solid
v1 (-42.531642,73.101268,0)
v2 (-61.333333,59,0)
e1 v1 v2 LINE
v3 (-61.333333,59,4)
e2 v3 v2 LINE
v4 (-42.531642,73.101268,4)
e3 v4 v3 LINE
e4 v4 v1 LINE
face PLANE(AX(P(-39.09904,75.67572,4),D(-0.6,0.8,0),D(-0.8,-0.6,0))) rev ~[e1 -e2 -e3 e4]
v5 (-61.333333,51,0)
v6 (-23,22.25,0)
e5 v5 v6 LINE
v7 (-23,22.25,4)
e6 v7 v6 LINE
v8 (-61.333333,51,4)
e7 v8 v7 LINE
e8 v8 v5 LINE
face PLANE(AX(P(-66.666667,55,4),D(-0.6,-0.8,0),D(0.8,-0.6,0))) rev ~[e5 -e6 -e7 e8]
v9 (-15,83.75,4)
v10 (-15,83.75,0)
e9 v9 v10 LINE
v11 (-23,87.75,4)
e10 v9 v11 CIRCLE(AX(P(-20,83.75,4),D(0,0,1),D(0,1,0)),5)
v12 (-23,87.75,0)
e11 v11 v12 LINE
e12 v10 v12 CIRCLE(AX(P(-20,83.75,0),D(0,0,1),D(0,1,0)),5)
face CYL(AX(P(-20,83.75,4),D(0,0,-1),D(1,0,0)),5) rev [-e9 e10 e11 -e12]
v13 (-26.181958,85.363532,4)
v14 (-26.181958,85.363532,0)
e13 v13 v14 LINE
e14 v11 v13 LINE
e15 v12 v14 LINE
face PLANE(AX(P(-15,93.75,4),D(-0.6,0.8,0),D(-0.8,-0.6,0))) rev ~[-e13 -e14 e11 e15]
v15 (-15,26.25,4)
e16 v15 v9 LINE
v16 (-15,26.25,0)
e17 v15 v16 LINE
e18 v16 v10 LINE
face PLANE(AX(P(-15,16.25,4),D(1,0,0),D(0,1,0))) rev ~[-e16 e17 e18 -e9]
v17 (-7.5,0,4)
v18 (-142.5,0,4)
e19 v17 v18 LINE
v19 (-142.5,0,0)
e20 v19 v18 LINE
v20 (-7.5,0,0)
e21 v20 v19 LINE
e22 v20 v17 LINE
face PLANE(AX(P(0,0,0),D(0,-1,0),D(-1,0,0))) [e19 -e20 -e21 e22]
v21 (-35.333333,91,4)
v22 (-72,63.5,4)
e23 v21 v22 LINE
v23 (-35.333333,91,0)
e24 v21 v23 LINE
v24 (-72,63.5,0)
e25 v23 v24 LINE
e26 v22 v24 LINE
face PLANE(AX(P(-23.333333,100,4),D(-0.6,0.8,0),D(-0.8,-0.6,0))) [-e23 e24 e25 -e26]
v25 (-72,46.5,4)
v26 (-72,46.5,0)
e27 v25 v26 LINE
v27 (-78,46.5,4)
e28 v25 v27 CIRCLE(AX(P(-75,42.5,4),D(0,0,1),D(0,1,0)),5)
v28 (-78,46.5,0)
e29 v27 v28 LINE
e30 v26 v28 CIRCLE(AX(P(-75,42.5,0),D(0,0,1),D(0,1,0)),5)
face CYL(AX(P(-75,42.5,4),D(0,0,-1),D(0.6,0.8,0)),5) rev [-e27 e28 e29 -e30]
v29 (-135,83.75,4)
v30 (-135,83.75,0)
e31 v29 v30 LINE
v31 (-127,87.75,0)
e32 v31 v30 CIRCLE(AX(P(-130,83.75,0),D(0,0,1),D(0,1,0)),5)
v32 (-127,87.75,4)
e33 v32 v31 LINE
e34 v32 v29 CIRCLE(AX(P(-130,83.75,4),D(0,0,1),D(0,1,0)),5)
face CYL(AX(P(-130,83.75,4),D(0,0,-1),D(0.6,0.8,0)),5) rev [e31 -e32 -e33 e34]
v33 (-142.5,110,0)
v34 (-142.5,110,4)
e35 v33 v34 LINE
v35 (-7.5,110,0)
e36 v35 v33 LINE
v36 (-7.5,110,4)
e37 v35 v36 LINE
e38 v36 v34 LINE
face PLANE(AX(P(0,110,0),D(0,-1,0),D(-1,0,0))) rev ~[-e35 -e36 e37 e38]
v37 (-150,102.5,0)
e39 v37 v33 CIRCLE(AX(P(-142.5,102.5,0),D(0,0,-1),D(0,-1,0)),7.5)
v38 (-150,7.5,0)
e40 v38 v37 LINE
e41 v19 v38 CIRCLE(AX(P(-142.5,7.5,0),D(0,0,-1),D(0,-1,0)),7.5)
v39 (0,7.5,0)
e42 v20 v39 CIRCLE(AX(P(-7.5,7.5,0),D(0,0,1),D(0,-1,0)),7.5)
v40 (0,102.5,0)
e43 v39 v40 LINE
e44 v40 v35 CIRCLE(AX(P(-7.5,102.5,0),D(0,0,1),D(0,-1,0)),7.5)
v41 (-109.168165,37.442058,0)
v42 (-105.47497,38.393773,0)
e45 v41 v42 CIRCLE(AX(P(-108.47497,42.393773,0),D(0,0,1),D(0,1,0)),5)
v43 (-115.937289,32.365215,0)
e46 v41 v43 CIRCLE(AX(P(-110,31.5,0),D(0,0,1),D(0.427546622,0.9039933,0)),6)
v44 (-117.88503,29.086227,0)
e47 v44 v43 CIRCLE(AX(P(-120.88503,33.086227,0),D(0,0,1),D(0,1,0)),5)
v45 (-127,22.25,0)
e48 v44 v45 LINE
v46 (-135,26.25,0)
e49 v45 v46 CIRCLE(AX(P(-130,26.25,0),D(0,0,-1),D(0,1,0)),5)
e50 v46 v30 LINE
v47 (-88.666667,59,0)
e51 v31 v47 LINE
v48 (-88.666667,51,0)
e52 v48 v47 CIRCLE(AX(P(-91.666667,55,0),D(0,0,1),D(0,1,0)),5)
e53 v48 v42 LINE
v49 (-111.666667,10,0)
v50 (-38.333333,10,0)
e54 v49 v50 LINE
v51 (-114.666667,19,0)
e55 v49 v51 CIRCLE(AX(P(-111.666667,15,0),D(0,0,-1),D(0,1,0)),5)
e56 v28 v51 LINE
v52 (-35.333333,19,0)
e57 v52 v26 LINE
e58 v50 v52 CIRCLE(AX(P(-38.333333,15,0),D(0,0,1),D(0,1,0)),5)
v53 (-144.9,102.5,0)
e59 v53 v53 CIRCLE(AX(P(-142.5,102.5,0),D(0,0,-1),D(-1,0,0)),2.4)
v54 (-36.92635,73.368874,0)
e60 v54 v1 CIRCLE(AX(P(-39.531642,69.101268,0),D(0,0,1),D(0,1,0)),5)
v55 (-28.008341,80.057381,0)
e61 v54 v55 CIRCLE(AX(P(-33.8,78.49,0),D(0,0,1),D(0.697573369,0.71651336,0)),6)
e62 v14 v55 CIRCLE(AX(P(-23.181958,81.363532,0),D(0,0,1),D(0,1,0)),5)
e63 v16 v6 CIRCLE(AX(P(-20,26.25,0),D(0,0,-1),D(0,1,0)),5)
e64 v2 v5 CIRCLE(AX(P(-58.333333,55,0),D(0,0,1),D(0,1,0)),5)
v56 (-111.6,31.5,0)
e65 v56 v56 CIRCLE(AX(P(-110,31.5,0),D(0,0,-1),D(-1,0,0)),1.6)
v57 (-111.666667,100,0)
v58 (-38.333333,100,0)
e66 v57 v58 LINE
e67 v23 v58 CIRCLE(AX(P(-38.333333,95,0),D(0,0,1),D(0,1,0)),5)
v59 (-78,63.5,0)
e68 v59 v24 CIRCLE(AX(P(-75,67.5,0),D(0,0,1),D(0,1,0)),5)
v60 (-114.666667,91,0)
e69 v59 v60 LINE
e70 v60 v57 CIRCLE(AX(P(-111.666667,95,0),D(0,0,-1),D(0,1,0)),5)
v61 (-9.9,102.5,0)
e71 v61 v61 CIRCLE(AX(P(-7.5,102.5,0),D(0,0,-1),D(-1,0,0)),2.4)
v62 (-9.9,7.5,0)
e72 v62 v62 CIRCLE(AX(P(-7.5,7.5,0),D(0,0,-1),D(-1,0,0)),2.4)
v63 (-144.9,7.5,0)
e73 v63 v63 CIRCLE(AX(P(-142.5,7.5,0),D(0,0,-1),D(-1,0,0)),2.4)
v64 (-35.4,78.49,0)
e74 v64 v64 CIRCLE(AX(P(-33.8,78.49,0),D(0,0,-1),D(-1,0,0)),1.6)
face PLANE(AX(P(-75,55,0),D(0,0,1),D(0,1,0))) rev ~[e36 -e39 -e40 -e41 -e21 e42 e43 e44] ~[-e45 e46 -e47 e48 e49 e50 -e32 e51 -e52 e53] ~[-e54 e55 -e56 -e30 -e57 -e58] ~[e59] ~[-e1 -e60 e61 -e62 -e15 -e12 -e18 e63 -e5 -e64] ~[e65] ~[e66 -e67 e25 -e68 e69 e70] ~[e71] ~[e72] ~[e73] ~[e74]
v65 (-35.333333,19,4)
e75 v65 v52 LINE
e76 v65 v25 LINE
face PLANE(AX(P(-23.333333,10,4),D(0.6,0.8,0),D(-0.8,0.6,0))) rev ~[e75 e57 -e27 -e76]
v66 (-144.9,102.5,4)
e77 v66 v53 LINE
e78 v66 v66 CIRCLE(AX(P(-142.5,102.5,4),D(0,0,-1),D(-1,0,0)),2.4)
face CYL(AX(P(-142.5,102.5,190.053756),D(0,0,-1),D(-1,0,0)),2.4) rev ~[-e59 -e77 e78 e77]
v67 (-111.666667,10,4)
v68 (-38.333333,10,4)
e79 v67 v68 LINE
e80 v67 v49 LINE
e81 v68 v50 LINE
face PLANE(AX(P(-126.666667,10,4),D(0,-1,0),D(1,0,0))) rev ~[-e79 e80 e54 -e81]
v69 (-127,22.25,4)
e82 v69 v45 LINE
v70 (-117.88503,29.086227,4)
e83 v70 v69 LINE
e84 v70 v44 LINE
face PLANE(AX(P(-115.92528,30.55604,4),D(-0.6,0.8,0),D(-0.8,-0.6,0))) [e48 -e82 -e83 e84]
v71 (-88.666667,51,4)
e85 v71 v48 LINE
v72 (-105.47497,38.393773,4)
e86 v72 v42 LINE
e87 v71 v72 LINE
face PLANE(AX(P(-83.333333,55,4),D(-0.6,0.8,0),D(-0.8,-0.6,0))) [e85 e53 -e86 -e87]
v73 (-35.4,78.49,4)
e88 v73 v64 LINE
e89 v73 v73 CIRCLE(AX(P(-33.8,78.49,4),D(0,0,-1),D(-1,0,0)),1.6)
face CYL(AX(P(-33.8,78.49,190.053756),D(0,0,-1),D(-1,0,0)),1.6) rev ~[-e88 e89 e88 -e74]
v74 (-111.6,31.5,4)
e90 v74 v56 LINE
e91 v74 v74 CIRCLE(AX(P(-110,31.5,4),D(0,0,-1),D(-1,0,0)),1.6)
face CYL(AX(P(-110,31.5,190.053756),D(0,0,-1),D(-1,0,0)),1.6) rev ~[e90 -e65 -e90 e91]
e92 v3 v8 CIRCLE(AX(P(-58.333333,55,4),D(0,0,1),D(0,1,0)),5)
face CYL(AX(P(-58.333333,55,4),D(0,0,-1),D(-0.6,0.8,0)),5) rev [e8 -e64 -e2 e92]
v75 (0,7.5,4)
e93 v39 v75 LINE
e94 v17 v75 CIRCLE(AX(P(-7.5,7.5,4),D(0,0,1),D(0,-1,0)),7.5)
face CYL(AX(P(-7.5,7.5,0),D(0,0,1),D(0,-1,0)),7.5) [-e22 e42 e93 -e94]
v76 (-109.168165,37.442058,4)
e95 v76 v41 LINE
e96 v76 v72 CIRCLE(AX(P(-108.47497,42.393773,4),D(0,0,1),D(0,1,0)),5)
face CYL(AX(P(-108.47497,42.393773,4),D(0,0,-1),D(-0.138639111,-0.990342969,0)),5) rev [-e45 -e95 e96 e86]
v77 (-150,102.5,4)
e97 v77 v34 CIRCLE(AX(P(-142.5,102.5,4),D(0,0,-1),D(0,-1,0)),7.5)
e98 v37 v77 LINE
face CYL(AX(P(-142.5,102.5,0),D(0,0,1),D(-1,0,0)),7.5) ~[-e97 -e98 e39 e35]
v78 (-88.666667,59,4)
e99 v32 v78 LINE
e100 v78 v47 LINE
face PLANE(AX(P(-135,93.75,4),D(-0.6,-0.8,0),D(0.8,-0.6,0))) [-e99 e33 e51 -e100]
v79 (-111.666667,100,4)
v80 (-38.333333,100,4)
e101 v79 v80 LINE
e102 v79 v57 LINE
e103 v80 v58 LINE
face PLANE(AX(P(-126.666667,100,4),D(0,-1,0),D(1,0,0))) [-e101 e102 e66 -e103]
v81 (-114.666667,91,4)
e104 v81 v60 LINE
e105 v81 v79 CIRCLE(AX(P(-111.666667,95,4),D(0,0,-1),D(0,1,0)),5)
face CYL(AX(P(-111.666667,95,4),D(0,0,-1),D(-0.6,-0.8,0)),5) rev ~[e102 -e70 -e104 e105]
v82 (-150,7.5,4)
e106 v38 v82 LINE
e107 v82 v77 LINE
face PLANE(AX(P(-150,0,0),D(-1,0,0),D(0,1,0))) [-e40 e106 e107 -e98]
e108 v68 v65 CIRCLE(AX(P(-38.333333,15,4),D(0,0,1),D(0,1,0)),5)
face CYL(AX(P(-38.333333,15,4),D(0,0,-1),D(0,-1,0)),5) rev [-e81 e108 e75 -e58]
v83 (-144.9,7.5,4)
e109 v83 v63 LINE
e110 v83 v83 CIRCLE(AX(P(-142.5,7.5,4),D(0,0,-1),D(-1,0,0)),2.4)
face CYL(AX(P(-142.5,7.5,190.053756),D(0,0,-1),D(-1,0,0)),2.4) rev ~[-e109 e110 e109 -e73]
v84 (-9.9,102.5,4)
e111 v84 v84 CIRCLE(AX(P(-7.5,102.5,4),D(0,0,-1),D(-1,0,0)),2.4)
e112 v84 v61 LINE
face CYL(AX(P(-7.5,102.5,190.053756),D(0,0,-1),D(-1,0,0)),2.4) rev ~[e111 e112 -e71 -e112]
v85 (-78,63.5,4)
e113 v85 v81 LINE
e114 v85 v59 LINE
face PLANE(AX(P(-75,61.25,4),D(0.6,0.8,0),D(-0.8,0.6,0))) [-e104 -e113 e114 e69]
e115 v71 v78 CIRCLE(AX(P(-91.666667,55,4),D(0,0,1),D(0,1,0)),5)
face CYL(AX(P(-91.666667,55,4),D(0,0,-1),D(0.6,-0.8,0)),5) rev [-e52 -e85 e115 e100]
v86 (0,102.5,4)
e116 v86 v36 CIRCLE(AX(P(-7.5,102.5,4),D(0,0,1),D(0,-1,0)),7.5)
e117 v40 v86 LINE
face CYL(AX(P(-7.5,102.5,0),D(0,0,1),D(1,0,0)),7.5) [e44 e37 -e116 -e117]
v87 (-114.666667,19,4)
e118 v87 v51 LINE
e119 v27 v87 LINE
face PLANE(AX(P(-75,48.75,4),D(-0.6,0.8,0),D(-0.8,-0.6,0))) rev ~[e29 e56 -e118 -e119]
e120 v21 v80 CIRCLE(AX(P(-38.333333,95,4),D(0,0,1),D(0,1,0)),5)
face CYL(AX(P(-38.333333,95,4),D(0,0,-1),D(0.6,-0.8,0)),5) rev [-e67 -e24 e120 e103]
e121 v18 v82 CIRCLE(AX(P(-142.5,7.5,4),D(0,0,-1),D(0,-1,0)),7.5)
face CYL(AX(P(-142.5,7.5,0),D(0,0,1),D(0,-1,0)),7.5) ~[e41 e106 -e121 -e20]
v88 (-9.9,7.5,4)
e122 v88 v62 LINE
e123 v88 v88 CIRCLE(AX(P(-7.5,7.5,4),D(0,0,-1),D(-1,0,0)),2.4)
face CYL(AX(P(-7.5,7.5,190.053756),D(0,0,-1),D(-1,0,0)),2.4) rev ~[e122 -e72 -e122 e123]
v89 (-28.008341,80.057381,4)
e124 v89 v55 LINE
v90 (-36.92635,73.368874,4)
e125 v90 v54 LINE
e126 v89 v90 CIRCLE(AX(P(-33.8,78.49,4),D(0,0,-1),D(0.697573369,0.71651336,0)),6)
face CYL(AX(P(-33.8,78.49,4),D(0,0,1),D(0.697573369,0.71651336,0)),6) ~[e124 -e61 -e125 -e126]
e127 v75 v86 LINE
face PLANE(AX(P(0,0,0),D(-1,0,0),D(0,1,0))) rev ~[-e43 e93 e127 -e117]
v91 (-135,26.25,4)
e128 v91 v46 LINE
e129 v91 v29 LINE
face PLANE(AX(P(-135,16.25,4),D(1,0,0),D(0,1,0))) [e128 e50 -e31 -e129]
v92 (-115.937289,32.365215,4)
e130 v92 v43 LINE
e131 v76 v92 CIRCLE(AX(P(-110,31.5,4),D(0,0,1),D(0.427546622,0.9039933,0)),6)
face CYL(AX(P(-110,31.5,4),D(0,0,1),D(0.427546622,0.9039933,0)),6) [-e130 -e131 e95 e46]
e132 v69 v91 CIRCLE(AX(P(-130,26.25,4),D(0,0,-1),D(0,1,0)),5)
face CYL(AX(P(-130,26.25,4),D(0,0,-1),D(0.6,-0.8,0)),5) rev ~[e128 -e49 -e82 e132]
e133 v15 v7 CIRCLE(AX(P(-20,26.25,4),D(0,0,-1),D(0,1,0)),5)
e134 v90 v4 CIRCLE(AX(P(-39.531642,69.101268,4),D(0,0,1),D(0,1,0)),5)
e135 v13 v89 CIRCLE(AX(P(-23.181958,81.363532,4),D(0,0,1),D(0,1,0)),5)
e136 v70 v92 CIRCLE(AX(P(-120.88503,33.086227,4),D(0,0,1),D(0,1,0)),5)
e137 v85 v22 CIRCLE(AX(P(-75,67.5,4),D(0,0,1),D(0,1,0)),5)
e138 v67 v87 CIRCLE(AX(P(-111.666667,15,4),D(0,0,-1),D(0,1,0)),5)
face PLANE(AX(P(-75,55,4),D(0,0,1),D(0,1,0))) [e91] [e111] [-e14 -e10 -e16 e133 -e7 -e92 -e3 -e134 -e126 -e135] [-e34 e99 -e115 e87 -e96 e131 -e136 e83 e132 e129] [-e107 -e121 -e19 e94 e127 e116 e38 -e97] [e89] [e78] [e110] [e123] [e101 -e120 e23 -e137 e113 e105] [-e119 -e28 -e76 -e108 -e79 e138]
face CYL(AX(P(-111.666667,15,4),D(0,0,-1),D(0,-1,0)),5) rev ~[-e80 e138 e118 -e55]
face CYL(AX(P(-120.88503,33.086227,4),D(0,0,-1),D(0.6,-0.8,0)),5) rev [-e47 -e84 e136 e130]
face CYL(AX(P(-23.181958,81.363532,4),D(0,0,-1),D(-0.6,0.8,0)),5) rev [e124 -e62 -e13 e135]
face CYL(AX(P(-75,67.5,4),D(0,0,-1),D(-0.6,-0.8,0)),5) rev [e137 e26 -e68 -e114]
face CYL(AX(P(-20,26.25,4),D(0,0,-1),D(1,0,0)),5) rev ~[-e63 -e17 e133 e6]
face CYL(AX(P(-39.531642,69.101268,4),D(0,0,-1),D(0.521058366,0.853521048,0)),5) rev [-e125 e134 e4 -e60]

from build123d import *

# Parameters (mm, degrees)
SKETCH_1_W           = 110
SKETCH_1_H           = 150
EXTRUDE_1_DEPTH      = 4
HOLE_WIZARD_M4_1_D   = 4.8
HOLE_WIZARD_M3_1_D   = 3.2
SKETCH_6_OUTSIDE_W   = 189.21
SKETCH_6_OUTSIDE_H   = 149.21
SKETCH_6_OUTSIDE_W_2 = 150
SKETCH_6_OUTSIDE_H_2 = 110
CUT_EXTRUDE_1_DEPTH  = 5
FILLET_3_R           = 5
FILLET_1_R           = 7.5


with BuildPart() as part:
    # ｽｹｯﾁ1 → ﾎﾞｽ - 押し出し1 (new body)
    with BuildSketch(Plane(origin=(0, 0, 0), x_dir=(0, 1, 0), z_dir=(0, 0, 1))):
        with Locations((55, 75)):
            Rectangle(SKETCH_1_W, SKETCH_1_H)
    extrude(amount=EXTRUDE_1_DEPTH)

    # M4 すきま穴1 (through all)
    with Locations(Plane.XY.offset(4)):
        with Locations((-142.5, 102.5), (-142.5, 7.5), (-7.5, 102.5), (-7.5, 7.5)):
            Hole(HOLE_WIZARD_M4_1_D / 2)

    # M3 すきま穴1 (through all)
    with Locations(Plane.XY.offset(4)):
        with Locations((-110, 31.5), (-33.8, 78.49)):
            Hole(HOLE_WIZARD_M3_1_D / 2)

    # ｽｹｯﾁ6 outside → ｶｯﾄ - 押し出し1 (cut, through all)
    with BuildSketch(Plane.XY.offset(4)):
        with Locations((-75, 55)):
            Rectangle(SKETCH_6_OUTSIDE_W, SKETCH_6_OUTSIDE_H)
        with Locations((-75, 55)):
            Rectangle(SKETCH_6_OUTSIDE_W_2, SKETCH_6_OUTSIDE_H_2, mode=Mode.SUBTRACT)
        Polygon((-126.666666667, 10), (-23.333333333, 10), (-75, 48.75), align=None)
        with BuildLine():
            Line((-135, 16.25), (-135, 93.75))
            Line((-135, 93.75), (-83.333333333, 55))
            Line((-83.333333333, 55), (-107.434720268, 36.923959799))
            ThreePointArc((-107.434720268, 36.923959799), (-113.6, 36.3), (-115.925279732, 30.556040201))
            Line((-115.925279732, 30.556040201), (-135, 16.25))
        make_face()
        Polygon((-126.666666667, 100), (-23.333333333, 100), (-75, 61.25), align=None)
        with BuildLine():
            Line((-15, 16.25), (-15, 93.75))
            Line((-15, 93.75), (-29.614559787, 82.78908016))
            ThreePointArc((-29.614559787, 82.78908016), (-30.2, 73.69), (-39.099040213, 75.67571984))
            Line((-39.099040213, 75.67571984), (-66.666666667, 55))
            Line((-66.666666667, 55), (-15, 16.25))
        make_face()
    extrude(amount=-CUT_EXTRUDE_1_DEPTH, mode=Mode.SUBTRACT)

    # ﾌｨﾚｯﾄ3
    fillet_3_edges = [part.edges().sort_by_distance(p)[0] for p in [
        (-75, 48.75, 2),
        (-23.333333333, 10, 2),
        (-126.666666667, 10, 2),
        (-135, 93.75, 2),
        (-83.333333333, 55, 2),
        (-107.434720268, 36.923959799, 2),
        (-115.925279732, 30.556040201, 2),
        (-135, 16.25, 2),
        (-15, 16.25, 2),
        (-66.666666667, 55, 2),
        (-39.099040213, 75.67571984, 2),
        (-29.614559787, 82.78908016, 2),
        (-15, 93.75, 2),
        (-75, 61.25, 2),
        (-126.666666667, 100, 2),
        (-23.333333333, 100, 2),
    ]]
    fillet(fillet_3_edges, radius=FILLET_3_R)

    # ﾌｨﾚｯﾄ1
    fillet_1_edges = [part.edges().sort_by_distance(p)[0] for p in [
        (-150, 0, 2),
        (-150, 110, 2),
        (0, 110, 2),
        (0, 0, 2),
    ]]
    fillet(fillet_1_edges, radius=FILLET_1_R)


solid = part.part
